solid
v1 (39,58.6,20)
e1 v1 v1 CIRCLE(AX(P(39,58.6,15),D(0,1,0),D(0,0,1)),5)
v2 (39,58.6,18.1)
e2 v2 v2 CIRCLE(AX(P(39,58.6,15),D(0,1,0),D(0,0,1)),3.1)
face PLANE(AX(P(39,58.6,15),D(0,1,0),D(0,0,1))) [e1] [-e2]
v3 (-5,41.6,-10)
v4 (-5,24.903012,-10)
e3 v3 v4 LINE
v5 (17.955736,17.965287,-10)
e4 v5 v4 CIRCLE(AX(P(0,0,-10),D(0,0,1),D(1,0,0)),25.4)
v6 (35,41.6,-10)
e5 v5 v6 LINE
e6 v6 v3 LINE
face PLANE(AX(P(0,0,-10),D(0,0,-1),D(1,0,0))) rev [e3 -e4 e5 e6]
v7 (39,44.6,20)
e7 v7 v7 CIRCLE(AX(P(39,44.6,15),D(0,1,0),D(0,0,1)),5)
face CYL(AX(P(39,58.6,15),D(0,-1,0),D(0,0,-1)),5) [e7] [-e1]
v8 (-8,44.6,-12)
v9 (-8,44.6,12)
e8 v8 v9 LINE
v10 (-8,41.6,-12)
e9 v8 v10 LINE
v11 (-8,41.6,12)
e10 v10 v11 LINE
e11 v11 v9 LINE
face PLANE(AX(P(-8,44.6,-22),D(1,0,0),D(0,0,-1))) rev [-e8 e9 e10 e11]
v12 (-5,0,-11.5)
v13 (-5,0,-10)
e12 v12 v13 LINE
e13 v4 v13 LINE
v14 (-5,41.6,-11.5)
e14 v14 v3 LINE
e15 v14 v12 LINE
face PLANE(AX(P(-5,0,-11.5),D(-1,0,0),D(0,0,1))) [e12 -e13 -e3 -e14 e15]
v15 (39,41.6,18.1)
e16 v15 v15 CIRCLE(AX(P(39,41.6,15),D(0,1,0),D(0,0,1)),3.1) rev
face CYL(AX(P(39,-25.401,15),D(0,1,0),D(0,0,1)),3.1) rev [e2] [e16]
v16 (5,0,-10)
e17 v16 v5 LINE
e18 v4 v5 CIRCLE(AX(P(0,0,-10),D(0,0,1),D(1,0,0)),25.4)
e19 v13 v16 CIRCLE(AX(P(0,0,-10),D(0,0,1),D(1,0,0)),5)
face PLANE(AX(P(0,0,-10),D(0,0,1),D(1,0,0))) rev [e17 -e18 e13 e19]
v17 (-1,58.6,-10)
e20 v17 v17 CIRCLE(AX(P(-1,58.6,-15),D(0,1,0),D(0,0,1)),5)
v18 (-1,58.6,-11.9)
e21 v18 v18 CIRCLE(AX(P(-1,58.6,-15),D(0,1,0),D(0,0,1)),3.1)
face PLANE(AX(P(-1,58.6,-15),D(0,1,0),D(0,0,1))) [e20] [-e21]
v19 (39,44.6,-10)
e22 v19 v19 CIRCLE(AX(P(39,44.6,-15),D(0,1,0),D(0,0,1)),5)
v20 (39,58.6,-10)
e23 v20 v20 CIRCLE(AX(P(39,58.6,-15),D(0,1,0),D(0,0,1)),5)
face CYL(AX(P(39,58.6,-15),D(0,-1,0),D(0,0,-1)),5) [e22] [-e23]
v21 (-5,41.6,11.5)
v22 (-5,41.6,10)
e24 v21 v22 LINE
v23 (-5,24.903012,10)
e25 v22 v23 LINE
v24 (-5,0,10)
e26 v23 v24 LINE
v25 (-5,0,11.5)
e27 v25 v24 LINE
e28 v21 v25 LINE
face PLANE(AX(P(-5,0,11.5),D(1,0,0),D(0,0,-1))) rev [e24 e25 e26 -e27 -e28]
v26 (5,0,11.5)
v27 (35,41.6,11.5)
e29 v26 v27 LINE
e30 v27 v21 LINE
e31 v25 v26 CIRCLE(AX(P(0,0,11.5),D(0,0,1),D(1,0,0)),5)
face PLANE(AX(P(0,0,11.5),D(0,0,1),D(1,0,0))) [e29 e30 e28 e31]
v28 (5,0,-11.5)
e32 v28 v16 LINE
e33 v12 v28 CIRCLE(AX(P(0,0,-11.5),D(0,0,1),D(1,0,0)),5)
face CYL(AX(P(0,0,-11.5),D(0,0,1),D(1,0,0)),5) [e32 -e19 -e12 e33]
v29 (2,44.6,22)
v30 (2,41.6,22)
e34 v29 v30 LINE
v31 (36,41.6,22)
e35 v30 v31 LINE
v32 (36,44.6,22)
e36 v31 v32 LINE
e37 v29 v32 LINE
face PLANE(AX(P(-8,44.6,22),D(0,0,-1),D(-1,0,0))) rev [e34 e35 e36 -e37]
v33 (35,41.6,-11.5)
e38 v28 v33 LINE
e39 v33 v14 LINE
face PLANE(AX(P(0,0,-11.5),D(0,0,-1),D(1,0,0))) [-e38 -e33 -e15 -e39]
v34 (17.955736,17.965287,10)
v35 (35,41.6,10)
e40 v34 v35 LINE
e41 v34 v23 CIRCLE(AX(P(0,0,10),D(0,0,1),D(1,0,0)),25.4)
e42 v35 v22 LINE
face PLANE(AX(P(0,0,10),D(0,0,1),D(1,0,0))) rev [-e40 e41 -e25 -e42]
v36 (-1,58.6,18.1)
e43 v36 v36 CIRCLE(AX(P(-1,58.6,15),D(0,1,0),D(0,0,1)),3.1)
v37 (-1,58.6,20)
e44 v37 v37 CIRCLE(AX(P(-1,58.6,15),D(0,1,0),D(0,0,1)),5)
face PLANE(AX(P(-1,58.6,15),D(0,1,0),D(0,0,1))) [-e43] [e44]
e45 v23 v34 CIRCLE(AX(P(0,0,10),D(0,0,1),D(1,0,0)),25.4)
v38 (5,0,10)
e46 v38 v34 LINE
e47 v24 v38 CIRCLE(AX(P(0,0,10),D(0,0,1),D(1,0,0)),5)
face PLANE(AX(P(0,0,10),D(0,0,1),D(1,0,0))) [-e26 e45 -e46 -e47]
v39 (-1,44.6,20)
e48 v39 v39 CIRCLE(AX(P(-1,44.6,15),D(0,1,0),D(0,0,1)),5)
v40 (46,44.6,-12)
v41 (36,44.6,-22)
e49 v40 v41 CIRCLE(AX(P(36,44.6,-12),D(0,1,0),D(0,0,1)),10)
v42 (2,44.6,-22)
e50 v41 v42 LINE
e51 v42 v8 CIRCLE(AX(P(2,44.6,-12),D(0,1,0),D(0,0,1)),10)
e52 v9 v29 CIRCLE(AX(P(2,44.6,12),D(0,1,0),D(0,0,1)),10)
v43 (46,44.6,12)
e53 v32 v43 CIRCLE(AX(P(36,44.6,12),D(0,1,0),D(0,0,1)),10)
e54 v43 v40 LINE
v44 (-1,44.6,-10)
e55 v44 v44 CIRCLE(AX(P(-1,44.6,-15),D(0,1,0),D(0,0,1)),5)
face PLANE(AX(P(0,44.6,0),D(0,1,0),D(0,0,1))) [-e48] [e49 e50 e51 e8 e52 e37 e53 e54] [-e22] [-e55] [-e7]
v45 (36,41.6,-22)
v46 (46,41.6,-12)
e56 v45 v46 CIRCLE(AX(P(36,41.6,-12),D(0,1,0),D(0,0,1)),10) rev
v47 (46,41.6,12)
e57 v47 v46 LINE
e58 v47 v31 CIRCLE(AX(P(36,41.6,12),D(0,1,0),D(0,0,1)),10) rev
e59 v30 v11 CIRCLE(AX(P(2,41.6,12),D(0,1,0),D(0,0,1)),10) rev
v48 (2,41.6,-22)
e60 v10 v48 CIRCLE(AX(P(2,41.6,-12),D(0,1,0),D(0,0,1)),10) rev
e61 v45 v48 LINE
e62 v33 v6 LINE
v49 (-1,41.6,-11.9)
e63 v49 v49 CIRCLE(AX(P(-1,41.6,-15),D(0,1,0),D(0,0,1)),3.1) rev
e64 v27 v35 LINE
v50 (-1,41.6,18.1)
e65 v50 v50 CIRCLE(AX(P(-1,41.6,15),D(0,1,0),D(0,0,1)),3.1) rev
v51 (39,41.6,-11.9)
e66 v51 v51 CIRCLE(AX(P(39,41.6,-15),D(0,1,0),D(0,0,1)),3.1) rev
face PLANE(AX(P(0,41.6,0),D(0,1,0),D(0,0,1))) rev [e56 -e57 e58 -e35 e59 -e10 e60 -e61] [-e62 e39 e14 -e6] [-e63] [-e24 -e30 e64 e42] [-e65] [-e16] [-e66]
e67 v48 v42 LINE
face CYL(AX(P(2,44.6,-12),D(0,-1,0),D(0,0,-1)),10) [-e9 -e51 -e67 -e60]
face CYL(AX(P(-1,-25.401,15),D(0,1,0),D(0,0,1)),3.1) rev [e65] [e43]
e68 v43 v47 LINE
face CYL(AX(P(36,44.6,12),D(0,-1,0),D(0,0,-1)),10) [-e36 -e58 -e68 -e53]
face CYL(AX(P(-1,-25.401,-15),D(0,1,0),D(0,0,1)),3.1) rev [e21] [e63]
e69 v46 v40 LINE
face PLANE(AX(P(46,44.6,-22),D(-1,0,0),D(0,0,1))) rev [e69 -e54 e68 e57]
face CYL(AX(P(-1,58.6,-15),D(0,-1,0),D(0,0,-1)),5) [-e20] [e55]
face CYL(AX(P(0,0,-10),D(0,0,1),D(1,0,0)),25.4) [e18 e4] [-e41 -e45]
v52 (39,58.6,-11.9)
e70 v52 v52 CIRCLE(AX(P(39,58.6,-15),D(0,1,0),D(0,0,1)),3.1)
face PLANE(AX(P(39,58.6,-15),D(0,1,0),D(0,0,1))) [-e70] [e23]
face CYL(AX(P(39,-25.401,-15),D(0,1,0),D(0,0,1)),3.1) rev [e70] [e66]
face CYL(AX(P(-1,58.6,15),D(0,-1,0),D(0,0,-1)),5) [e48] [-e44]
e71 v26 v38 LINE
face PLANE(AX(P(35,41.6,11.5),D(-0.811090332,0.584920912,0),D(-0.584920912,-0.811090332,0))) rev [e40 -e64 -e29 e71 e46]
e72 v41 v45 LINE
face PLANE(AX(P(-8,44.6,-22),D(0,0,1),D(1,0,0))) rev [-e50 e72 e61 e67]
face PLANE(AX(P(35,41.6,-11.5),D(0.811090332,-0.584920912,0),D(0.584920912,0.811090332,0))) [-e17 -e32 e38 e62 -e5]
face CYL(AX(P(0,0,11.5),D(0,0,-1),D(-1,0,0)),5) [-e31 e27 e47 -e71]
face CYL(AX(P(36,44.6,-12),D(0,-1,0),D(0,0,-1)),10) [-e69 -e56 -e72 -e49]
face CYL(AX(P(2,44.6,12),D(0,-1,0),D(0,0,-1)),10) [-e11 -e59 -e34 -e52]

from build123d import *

# Parameters (mm, degrees)
EXTRUDE_1_DEPTH      = 10
EXTRUDE_1_DEPTH_BACK = 10
SKETCH_1_R           = 25.4
EXTRUDE_2_DEPTH      = 1.5
SKETCH_3_W           = 54
SKETCH_3_H           = 44
EXTRUDE_3_DEPTH      = 3
SKETCH_4_R           = 3.1
CUT_EXTRUDE_1_DEPTH  = 3
FILLET_1_R           = 10
EXTRUDE_START        = 14
SKETCH_5_R           = 5
SKETCH_5_R_2         = 3.1
EXTRUDE_4_DEPTH      = 14


with BuildPart() as part:
    # 草图1 → 凸台-拉伸1 (new, two sides: drawn at the far end of the back side and taken through both)
    with BuildSketch(Plane.XY.offset(-EXTRUDE_1_DEPTH_BACK)):
        Circle(SKETCH_1_R)
    extrude(amount=EXTRUDE_1_DEPTH + EXTRUDE_1_DEPTH_BACK)

    # 草图2 → 凸台-拉伸2 (add)
    with BuildSketch(Plane.XY.offset(10)):
        with BuildLine():
            Line((-5, 0), (-5, 41.6))
            Line((-5, 41.6), (35, 41.6))
            Line((35, 41.6), (5, 0))
            ThreePointArc((5, 0), (0, -5), (-5, 0))
        make_face()
    extrude_2 = extrude(amount=EXTRUDE_2_DEPTH)

    # 镜向1: 凸台-拉伸2 across plane
    add(extrude_2.mirror(Plane.XY))

    # 草图3 → 凸台-拉伸3 (add)
    with BuildSketch(Plane(origin=(0, 41.6, 0), x_dir=(1, 0, 0), z_dir=(0, 1, 0))):
        with Locations((19, 0)):
            Rectangle(SKETCH_3_W, SKETCH_3_H)
    extrude(amount=EXTRUDE_3_DEPTH)

    # 草图4 → 切除-拉伸1 (cut)
    with BuildSketch(Plane(origin=(0, 44.6, 0), x_dir=(1, 0, 0), z_dir=(0, 1, 0))):
        with Locations(Location((-1, 15, 0), (0, 0, 270))):
            Circle(SKETCH_4_R)
        with Locations(Location((39, 15, 0), (0, 0, 270))):
            Circle(SKETCH_4_R)
        with Locations(Location((39, -15, 0), (0, 0, 270))):
            Circle(SKETCH_4_R)
        with Locations(Location((-1, -15, 0), (0, 0, 270))):
            Circle(SKETCH_4_R)
    extrude(amount=-CUT_EXTRUDE_1_DEPTH, mode=Mode.SUBTRACT)

    # 圆角1
    fillet_1_edges = [part.edges().sort_by_distance(p)[0] for p in [
        (-8, 43.1, -22),
        (-8, 43.1, 22),
        (46, 43.1, 22),
        (46, 43.1, -22),
    ]]
    fillet(fillet_1_edges, radius=FILLET_1_R)

    # 草图5 → 凸台-拉伸4 (add)
    # profile 1 of 4: a face of its own
    with BuildSketch(Plane(origin=(0, 44.6, 0), x_dir=(1, 0, 0), z_dir=(0, 1, 0)).offset(EXTRUDE_START)):
        with Locations(Location((-1, 15, 0), (0, 0, 270))):
            Circle(SKETCH_5_R)
        with Locations(Location((-1, 15, 0), (0, 0, 270))):
            Circle(SKETCH_5_R_2, mode=Mode.SUBTRACT)
    # profile 2 of 4: a face of its own
    with BuildSketch(Plane(origin=(0, 44.6, 0), x_dir=(1, 0, 0), z_dir=(0, 1, 0)).offset(EXTRUDE_START)):
        with Locations(Location((39, 15, 0), (0, 0, 270))):
            Circle(SKETCH_5_R)
        with Locations(Location((39, 15, 0), (0, 0, 270))):
            Circle(SKETCH_5_R_2, mode=Mode.SUBTRACT)
    # profile 3 of 4: a face of its own
    with BuildSketch(Plane(origin=(0, 44.6, 0), x_dir=(1, 0, 0), z_dir=(0, 1, 0)).offset(EXTRUDE_START)):
        with Locations(Location((-1, -15, 0), (0, 0, 270))):
            Circle(SKETCH_5_R)
        with Locations(Location((-1, -15, 0), (0, 0, 270))):
            Circle(SKETCH_5_R_2, mode=Mode.SUBTRACT)
    # profile 4 of 4: a face of its own
    with BuildSketch(Plane(origin=(0, 44.6, 0), x_dir=(1, 0, 0), z_dir=(0, 1, 0)).offset(EXTRUDE_START)):
        with Locations(Location((39, -15, 0), (0, 0, 270))):
            Circle(SKETCH_5_R)
        with Locations(Location((39, -15, 0), (0, 0, 270))):
            Circle(SKETCH_5_R_2, mode=Mode.SUBTRACT)
    extrude(amount=-EXTRUDE_4_DEPTH)


solid = part.part
